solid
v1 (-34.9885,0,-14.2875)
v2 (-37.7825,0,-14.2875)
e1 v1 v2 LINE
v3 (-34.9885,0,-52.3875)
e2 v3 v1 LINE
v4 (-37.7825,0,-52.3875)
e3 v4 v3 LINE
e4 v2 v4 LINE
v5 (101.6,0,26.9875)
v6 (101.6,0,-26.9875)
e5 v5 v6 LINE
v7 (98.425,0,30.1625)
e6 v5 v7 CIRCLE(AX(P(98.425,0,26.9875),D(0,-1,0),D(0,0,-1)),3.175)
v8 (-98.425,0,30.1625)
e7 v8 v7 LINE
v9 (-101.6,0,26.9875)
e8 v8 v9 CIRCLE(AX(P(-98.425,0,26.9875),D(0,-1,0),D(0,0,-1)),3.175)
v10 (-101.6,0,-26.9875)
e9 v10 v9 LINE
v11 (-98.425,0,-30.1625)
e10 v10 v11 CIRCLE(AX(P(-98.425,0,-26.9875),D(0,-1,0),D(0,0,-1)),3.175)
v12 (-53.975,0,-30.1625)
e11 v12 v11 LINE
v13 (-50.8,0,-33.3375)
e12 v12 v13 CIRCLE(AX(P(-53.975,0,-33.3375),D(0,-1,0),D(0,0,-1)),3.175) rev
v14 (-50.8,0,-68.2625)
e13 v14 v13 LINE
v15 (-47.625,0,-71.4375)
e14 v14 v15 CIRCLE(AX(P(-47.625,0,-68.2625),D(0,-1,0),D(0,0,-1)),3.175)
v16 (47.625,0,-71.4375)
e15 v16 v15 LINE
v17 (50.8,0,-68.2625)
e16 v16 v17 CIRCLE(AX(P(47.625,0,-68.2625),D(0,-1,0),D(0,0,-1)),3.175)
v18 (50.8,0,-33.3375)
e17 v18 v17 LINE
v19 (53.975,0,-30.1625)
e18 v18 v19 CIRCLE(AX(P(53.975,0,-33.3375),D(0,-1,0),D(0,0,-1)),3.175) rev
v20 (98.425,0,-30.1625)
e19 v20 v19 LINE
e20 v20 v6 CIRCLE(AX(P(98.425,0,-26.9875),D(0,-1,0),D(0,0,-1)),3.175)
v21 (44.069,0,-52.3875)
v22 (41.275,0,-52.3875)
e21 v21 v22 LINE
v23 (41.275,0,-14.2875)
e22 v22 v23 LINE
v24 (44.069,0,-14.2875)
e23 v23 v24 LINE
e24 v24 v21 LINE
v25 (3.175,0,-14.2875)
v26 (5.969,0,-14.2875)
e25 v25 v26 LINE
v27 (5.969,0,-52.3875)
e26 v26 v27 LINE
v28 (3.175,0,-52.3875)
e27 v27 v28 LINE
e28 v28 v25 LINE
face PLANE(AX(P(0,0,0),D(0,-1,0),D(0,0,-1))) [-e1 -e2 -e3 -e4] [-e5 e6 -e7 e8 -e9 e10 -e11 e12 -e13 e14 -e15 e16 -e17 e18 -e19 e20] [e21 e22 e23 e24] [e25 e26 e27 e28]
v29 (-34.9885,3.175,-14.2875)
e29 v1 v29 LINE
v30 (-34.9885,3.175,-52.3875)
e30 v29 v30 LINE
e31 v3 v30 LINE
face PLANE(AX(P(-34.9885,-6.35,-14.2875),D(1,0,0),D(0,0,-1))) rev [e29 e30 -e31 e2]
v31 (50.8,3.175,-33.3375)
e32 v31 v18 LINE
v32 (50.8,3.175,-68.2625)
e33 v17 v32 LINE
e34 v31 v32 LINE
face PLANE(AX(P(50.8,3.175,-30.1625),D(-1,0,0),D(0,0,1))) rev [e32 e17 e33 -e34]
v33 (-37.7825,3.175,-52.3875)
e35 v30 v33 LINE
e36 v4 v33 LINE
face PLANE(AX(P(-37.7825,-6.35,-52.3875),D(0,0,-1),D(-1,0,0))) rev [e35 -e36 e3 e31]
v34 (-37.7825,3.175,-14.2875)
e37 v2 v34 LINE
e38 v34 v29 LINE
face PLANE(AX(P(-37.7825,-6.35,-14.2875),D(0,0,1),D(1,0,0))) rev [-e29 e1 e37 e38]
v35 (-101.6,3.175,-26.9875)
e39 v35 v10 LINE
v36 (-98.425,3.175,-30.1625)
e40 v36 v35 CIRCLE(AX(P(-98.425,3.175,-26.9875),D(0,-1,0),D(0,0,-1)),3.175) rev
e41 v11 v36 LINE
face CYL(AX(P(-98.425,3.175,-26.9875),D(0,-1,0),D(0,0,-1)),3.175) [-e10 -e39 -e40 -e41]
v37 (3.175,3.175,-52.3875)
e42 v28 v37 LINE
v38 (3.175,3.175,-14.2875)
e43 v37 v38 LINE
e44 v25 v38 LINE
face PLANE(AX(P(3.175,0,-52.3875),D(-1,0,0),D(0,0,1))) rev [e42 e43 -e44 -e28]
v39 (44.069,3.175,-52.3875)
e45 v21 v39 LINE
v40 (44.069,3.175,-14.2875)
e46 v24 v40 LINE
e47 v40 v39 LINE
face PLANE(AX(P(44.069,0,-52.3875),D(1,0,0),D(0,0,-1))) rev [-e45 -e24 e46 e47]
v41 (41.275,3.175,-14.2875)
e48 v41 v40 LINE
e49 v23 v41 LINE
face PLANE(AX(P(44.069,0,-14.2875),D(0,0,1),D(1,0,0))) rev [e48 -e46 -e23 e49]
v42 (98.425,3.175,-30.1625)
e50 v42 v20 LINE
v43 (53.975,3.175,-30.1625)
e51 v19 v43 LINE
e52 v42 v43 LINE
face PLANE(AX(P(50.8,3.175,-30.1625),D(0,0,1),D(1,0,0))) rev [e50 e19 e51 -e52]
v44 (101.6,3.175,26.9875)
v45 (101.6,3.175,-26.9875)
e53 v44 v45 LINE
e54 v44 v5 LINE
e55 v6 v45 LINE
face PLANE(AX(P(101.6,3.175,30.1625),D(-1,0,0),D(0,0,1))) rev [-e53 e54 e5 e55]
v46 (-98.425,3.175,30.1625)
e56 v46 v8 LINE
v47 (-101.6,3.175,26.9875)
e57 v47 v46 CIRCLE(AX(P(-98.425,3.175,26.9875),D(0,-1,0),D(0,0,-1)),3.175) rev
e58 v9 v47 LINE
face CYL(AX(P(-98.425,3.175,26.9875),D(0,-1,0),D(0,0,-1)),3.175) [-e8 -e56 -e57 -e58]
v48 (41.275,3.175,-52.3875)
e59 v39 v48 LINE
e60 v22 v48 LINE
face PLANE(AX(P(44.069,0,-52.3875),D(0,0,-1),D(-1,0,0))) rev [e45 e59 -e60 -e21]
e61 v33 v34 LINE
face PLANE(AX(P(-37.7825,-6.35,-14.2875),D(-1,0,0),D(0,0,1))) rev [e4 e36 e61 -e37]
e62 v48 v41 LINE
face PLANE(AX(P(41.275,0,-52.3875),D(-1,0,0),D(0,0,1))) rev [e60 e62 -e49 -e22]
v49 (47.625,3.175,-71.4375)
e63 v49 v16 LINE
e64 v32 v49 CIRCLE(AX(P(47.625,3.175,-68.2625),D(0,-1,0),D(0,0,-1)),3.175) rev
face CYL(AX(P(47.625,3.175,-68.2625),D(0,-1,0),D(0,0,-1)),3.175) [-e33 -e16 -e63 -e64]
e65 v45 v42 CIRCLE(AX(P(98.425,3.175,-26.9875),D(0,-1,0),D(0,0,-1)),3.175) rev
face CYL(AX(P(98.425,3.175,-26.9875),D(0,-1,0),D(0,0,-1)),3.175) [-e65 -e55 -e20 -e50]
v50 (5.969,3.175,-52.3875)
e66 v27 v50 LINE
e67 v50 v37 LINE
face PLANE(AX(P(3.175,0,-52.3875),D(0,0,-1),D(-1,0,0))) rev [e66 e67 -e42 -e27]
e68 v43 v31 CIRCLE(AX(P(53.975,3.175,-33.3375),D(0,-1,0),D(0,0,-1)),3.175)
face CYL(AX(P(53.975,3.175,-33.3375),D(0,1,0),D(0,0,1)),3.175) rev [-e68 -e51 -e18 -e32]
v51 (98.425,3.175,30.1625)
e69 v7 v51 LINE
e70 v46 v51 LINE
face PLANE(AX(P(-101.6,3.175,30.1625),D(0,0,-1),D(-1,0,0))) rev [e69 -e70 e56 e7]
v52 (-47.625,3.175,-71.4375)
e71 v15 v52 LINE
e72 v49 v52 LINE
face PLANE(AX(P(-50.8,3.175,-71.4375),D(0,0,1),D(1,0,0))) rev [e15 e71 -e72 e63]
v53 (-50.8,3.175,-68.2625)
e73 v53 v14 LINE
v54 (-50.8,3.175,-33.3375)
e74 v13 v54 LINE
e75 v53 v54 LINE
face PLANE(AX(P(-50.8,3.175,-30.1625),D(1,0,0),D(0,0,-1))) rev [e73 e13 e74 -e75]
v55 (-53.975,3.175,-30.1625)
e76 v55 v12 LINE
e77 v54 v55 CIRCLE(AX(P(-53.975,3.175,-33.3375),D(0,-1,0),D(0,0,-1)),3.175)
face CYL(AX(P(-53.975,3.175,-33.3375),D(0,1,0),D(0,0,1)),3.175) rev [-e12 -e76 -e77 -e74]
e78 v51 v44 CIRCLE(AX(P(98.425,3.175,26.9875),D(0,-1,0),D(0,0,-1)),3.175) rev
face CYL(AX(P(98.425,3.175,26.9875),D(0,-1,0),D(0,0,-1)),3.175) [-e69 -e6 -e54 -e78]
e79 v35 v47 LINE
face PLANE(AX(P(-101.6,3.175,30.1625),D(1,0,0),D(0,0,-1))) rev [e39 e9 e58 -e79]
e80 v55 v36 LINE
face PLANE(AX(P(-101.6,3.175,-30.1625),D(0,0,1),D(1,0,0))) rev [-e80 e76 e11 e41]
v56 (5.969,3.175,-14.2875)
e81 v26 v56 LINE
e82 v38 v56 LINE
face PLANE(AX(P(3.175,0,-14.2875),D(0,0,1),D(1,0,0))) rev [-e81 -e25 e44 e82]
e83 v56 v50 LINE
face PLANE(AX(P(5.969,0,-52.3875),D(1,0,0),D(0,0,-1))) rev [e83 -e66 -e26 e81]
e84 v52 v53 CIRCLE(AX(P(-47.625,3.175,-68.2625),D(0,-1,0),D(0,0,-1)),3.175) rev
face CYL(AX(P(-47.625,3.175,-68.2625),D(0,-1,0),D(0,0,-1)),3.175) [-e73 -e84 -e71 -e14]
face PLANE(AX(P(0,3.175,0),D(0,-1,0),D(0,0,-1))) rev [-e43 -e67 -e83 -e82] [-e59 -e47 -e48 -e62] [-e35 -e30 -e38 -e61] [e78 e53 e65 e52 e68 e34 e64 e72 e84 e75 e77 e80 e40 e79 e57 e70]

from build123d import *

# Parameters (mm, degrees)
BOSS_EXTRUDE1_DEPTH = 3.175
SKETCH2_W           = 2.794
SKETCH2_H           = 38.1
CUT_EXTRUDE1_DEPTH  = 3.175
FILLET1_R           = 3.175
SKETCH3_W           = 2.794
SKETCH3_H           = 38.1
CUT_EXTRUDE2_DEPTH  = 9.525
SKETCH4_W           = 2.794
SKETCH4_H           = 38.1
CUT_EXTRUDE3_DEPTH  = 3.175


with BuildPart() as part:
    # Sketch1 → Boss-Extrude1 (new body)
    with BuildSketch(Plane(origin=(0, 0, 0), x_dir=(1, 0, 0), z_dir=(0, 1, 0))):
        Polygon((50.8, 30.1625), (101.6, 30.1625), (101.6, -30.1625), (-101.6, -30.1625), (-101.6, 30.1625), (-50.8, 30.1625), (-50.8, 71.4375), (50.8, 71.4375), align=None)
    extrude(amount=BOSS_EXTRUDE1_DEPTH)

    # Sketch2 → Cut-Extrude1 (cut)
    with BuildSketch(Plane(origin=(0, 3.175, 0), x_dir=(1, 0, 0), z_dir=(0, 1, 0))):
        with Locations((4.572, 33.3375)):
            Rectangle(SKETCH2_W, SKETCH2_H)
    extrude(amount=-CUT_EXTRUDE1_DEPTH, mode=Mode.SUBTRACT)

    # Fillet1
    fillet1_edges = [part.edges().sort_by_distance(p)[0] for p in [
        (101.6, 1.5875, 30.1625),
        (-101.6, 1.5875, 30.1625),
        (-101.6, 1.5875, -30.1625),
        (-50.8, 1.5875, -30.1625),
        (-50.8, 1.5875, -71.4375),
        (50.8, 1.5875, -71.4375),
        (50.8, 1.5875, -30.1625),
        (101.6, 1.5875, -30.1625),
    ]]
    fillet(fillet1_edges, radius=FILLET1_R)

    # Sketch3 → Cut-Extrude2 (cut)
    with BuildSketch(Plane(origin=(0, 3.175, 0), x_dir=(1, 0, 0), z_dir=(0, 1, 0))):
        with Locations((-36.3855, 33.3375)):
            Rectangle(SKETCH3_W, SKETCH3_H)
    extrude(amount=-CUT_EXTRUDE2_DEPTH, mode=Mode.SUBTRACT)

    # Sketch4 → Cut-Extrude3 (cut)
    with BuildSketch(Plane(origin=(0, 3.175, 0), x_dir=(1, 0, 0), z_dir=(0, 1, 0))):
        with Locations((42.672, 33.3375)):
            Rectangle(SKETCH4_W, SKETCH4_H)
    extrude(amount=-CUT_EXTRUDE3_DEPTH, mode=Mode.SUBTRACT)


solid = part.part
